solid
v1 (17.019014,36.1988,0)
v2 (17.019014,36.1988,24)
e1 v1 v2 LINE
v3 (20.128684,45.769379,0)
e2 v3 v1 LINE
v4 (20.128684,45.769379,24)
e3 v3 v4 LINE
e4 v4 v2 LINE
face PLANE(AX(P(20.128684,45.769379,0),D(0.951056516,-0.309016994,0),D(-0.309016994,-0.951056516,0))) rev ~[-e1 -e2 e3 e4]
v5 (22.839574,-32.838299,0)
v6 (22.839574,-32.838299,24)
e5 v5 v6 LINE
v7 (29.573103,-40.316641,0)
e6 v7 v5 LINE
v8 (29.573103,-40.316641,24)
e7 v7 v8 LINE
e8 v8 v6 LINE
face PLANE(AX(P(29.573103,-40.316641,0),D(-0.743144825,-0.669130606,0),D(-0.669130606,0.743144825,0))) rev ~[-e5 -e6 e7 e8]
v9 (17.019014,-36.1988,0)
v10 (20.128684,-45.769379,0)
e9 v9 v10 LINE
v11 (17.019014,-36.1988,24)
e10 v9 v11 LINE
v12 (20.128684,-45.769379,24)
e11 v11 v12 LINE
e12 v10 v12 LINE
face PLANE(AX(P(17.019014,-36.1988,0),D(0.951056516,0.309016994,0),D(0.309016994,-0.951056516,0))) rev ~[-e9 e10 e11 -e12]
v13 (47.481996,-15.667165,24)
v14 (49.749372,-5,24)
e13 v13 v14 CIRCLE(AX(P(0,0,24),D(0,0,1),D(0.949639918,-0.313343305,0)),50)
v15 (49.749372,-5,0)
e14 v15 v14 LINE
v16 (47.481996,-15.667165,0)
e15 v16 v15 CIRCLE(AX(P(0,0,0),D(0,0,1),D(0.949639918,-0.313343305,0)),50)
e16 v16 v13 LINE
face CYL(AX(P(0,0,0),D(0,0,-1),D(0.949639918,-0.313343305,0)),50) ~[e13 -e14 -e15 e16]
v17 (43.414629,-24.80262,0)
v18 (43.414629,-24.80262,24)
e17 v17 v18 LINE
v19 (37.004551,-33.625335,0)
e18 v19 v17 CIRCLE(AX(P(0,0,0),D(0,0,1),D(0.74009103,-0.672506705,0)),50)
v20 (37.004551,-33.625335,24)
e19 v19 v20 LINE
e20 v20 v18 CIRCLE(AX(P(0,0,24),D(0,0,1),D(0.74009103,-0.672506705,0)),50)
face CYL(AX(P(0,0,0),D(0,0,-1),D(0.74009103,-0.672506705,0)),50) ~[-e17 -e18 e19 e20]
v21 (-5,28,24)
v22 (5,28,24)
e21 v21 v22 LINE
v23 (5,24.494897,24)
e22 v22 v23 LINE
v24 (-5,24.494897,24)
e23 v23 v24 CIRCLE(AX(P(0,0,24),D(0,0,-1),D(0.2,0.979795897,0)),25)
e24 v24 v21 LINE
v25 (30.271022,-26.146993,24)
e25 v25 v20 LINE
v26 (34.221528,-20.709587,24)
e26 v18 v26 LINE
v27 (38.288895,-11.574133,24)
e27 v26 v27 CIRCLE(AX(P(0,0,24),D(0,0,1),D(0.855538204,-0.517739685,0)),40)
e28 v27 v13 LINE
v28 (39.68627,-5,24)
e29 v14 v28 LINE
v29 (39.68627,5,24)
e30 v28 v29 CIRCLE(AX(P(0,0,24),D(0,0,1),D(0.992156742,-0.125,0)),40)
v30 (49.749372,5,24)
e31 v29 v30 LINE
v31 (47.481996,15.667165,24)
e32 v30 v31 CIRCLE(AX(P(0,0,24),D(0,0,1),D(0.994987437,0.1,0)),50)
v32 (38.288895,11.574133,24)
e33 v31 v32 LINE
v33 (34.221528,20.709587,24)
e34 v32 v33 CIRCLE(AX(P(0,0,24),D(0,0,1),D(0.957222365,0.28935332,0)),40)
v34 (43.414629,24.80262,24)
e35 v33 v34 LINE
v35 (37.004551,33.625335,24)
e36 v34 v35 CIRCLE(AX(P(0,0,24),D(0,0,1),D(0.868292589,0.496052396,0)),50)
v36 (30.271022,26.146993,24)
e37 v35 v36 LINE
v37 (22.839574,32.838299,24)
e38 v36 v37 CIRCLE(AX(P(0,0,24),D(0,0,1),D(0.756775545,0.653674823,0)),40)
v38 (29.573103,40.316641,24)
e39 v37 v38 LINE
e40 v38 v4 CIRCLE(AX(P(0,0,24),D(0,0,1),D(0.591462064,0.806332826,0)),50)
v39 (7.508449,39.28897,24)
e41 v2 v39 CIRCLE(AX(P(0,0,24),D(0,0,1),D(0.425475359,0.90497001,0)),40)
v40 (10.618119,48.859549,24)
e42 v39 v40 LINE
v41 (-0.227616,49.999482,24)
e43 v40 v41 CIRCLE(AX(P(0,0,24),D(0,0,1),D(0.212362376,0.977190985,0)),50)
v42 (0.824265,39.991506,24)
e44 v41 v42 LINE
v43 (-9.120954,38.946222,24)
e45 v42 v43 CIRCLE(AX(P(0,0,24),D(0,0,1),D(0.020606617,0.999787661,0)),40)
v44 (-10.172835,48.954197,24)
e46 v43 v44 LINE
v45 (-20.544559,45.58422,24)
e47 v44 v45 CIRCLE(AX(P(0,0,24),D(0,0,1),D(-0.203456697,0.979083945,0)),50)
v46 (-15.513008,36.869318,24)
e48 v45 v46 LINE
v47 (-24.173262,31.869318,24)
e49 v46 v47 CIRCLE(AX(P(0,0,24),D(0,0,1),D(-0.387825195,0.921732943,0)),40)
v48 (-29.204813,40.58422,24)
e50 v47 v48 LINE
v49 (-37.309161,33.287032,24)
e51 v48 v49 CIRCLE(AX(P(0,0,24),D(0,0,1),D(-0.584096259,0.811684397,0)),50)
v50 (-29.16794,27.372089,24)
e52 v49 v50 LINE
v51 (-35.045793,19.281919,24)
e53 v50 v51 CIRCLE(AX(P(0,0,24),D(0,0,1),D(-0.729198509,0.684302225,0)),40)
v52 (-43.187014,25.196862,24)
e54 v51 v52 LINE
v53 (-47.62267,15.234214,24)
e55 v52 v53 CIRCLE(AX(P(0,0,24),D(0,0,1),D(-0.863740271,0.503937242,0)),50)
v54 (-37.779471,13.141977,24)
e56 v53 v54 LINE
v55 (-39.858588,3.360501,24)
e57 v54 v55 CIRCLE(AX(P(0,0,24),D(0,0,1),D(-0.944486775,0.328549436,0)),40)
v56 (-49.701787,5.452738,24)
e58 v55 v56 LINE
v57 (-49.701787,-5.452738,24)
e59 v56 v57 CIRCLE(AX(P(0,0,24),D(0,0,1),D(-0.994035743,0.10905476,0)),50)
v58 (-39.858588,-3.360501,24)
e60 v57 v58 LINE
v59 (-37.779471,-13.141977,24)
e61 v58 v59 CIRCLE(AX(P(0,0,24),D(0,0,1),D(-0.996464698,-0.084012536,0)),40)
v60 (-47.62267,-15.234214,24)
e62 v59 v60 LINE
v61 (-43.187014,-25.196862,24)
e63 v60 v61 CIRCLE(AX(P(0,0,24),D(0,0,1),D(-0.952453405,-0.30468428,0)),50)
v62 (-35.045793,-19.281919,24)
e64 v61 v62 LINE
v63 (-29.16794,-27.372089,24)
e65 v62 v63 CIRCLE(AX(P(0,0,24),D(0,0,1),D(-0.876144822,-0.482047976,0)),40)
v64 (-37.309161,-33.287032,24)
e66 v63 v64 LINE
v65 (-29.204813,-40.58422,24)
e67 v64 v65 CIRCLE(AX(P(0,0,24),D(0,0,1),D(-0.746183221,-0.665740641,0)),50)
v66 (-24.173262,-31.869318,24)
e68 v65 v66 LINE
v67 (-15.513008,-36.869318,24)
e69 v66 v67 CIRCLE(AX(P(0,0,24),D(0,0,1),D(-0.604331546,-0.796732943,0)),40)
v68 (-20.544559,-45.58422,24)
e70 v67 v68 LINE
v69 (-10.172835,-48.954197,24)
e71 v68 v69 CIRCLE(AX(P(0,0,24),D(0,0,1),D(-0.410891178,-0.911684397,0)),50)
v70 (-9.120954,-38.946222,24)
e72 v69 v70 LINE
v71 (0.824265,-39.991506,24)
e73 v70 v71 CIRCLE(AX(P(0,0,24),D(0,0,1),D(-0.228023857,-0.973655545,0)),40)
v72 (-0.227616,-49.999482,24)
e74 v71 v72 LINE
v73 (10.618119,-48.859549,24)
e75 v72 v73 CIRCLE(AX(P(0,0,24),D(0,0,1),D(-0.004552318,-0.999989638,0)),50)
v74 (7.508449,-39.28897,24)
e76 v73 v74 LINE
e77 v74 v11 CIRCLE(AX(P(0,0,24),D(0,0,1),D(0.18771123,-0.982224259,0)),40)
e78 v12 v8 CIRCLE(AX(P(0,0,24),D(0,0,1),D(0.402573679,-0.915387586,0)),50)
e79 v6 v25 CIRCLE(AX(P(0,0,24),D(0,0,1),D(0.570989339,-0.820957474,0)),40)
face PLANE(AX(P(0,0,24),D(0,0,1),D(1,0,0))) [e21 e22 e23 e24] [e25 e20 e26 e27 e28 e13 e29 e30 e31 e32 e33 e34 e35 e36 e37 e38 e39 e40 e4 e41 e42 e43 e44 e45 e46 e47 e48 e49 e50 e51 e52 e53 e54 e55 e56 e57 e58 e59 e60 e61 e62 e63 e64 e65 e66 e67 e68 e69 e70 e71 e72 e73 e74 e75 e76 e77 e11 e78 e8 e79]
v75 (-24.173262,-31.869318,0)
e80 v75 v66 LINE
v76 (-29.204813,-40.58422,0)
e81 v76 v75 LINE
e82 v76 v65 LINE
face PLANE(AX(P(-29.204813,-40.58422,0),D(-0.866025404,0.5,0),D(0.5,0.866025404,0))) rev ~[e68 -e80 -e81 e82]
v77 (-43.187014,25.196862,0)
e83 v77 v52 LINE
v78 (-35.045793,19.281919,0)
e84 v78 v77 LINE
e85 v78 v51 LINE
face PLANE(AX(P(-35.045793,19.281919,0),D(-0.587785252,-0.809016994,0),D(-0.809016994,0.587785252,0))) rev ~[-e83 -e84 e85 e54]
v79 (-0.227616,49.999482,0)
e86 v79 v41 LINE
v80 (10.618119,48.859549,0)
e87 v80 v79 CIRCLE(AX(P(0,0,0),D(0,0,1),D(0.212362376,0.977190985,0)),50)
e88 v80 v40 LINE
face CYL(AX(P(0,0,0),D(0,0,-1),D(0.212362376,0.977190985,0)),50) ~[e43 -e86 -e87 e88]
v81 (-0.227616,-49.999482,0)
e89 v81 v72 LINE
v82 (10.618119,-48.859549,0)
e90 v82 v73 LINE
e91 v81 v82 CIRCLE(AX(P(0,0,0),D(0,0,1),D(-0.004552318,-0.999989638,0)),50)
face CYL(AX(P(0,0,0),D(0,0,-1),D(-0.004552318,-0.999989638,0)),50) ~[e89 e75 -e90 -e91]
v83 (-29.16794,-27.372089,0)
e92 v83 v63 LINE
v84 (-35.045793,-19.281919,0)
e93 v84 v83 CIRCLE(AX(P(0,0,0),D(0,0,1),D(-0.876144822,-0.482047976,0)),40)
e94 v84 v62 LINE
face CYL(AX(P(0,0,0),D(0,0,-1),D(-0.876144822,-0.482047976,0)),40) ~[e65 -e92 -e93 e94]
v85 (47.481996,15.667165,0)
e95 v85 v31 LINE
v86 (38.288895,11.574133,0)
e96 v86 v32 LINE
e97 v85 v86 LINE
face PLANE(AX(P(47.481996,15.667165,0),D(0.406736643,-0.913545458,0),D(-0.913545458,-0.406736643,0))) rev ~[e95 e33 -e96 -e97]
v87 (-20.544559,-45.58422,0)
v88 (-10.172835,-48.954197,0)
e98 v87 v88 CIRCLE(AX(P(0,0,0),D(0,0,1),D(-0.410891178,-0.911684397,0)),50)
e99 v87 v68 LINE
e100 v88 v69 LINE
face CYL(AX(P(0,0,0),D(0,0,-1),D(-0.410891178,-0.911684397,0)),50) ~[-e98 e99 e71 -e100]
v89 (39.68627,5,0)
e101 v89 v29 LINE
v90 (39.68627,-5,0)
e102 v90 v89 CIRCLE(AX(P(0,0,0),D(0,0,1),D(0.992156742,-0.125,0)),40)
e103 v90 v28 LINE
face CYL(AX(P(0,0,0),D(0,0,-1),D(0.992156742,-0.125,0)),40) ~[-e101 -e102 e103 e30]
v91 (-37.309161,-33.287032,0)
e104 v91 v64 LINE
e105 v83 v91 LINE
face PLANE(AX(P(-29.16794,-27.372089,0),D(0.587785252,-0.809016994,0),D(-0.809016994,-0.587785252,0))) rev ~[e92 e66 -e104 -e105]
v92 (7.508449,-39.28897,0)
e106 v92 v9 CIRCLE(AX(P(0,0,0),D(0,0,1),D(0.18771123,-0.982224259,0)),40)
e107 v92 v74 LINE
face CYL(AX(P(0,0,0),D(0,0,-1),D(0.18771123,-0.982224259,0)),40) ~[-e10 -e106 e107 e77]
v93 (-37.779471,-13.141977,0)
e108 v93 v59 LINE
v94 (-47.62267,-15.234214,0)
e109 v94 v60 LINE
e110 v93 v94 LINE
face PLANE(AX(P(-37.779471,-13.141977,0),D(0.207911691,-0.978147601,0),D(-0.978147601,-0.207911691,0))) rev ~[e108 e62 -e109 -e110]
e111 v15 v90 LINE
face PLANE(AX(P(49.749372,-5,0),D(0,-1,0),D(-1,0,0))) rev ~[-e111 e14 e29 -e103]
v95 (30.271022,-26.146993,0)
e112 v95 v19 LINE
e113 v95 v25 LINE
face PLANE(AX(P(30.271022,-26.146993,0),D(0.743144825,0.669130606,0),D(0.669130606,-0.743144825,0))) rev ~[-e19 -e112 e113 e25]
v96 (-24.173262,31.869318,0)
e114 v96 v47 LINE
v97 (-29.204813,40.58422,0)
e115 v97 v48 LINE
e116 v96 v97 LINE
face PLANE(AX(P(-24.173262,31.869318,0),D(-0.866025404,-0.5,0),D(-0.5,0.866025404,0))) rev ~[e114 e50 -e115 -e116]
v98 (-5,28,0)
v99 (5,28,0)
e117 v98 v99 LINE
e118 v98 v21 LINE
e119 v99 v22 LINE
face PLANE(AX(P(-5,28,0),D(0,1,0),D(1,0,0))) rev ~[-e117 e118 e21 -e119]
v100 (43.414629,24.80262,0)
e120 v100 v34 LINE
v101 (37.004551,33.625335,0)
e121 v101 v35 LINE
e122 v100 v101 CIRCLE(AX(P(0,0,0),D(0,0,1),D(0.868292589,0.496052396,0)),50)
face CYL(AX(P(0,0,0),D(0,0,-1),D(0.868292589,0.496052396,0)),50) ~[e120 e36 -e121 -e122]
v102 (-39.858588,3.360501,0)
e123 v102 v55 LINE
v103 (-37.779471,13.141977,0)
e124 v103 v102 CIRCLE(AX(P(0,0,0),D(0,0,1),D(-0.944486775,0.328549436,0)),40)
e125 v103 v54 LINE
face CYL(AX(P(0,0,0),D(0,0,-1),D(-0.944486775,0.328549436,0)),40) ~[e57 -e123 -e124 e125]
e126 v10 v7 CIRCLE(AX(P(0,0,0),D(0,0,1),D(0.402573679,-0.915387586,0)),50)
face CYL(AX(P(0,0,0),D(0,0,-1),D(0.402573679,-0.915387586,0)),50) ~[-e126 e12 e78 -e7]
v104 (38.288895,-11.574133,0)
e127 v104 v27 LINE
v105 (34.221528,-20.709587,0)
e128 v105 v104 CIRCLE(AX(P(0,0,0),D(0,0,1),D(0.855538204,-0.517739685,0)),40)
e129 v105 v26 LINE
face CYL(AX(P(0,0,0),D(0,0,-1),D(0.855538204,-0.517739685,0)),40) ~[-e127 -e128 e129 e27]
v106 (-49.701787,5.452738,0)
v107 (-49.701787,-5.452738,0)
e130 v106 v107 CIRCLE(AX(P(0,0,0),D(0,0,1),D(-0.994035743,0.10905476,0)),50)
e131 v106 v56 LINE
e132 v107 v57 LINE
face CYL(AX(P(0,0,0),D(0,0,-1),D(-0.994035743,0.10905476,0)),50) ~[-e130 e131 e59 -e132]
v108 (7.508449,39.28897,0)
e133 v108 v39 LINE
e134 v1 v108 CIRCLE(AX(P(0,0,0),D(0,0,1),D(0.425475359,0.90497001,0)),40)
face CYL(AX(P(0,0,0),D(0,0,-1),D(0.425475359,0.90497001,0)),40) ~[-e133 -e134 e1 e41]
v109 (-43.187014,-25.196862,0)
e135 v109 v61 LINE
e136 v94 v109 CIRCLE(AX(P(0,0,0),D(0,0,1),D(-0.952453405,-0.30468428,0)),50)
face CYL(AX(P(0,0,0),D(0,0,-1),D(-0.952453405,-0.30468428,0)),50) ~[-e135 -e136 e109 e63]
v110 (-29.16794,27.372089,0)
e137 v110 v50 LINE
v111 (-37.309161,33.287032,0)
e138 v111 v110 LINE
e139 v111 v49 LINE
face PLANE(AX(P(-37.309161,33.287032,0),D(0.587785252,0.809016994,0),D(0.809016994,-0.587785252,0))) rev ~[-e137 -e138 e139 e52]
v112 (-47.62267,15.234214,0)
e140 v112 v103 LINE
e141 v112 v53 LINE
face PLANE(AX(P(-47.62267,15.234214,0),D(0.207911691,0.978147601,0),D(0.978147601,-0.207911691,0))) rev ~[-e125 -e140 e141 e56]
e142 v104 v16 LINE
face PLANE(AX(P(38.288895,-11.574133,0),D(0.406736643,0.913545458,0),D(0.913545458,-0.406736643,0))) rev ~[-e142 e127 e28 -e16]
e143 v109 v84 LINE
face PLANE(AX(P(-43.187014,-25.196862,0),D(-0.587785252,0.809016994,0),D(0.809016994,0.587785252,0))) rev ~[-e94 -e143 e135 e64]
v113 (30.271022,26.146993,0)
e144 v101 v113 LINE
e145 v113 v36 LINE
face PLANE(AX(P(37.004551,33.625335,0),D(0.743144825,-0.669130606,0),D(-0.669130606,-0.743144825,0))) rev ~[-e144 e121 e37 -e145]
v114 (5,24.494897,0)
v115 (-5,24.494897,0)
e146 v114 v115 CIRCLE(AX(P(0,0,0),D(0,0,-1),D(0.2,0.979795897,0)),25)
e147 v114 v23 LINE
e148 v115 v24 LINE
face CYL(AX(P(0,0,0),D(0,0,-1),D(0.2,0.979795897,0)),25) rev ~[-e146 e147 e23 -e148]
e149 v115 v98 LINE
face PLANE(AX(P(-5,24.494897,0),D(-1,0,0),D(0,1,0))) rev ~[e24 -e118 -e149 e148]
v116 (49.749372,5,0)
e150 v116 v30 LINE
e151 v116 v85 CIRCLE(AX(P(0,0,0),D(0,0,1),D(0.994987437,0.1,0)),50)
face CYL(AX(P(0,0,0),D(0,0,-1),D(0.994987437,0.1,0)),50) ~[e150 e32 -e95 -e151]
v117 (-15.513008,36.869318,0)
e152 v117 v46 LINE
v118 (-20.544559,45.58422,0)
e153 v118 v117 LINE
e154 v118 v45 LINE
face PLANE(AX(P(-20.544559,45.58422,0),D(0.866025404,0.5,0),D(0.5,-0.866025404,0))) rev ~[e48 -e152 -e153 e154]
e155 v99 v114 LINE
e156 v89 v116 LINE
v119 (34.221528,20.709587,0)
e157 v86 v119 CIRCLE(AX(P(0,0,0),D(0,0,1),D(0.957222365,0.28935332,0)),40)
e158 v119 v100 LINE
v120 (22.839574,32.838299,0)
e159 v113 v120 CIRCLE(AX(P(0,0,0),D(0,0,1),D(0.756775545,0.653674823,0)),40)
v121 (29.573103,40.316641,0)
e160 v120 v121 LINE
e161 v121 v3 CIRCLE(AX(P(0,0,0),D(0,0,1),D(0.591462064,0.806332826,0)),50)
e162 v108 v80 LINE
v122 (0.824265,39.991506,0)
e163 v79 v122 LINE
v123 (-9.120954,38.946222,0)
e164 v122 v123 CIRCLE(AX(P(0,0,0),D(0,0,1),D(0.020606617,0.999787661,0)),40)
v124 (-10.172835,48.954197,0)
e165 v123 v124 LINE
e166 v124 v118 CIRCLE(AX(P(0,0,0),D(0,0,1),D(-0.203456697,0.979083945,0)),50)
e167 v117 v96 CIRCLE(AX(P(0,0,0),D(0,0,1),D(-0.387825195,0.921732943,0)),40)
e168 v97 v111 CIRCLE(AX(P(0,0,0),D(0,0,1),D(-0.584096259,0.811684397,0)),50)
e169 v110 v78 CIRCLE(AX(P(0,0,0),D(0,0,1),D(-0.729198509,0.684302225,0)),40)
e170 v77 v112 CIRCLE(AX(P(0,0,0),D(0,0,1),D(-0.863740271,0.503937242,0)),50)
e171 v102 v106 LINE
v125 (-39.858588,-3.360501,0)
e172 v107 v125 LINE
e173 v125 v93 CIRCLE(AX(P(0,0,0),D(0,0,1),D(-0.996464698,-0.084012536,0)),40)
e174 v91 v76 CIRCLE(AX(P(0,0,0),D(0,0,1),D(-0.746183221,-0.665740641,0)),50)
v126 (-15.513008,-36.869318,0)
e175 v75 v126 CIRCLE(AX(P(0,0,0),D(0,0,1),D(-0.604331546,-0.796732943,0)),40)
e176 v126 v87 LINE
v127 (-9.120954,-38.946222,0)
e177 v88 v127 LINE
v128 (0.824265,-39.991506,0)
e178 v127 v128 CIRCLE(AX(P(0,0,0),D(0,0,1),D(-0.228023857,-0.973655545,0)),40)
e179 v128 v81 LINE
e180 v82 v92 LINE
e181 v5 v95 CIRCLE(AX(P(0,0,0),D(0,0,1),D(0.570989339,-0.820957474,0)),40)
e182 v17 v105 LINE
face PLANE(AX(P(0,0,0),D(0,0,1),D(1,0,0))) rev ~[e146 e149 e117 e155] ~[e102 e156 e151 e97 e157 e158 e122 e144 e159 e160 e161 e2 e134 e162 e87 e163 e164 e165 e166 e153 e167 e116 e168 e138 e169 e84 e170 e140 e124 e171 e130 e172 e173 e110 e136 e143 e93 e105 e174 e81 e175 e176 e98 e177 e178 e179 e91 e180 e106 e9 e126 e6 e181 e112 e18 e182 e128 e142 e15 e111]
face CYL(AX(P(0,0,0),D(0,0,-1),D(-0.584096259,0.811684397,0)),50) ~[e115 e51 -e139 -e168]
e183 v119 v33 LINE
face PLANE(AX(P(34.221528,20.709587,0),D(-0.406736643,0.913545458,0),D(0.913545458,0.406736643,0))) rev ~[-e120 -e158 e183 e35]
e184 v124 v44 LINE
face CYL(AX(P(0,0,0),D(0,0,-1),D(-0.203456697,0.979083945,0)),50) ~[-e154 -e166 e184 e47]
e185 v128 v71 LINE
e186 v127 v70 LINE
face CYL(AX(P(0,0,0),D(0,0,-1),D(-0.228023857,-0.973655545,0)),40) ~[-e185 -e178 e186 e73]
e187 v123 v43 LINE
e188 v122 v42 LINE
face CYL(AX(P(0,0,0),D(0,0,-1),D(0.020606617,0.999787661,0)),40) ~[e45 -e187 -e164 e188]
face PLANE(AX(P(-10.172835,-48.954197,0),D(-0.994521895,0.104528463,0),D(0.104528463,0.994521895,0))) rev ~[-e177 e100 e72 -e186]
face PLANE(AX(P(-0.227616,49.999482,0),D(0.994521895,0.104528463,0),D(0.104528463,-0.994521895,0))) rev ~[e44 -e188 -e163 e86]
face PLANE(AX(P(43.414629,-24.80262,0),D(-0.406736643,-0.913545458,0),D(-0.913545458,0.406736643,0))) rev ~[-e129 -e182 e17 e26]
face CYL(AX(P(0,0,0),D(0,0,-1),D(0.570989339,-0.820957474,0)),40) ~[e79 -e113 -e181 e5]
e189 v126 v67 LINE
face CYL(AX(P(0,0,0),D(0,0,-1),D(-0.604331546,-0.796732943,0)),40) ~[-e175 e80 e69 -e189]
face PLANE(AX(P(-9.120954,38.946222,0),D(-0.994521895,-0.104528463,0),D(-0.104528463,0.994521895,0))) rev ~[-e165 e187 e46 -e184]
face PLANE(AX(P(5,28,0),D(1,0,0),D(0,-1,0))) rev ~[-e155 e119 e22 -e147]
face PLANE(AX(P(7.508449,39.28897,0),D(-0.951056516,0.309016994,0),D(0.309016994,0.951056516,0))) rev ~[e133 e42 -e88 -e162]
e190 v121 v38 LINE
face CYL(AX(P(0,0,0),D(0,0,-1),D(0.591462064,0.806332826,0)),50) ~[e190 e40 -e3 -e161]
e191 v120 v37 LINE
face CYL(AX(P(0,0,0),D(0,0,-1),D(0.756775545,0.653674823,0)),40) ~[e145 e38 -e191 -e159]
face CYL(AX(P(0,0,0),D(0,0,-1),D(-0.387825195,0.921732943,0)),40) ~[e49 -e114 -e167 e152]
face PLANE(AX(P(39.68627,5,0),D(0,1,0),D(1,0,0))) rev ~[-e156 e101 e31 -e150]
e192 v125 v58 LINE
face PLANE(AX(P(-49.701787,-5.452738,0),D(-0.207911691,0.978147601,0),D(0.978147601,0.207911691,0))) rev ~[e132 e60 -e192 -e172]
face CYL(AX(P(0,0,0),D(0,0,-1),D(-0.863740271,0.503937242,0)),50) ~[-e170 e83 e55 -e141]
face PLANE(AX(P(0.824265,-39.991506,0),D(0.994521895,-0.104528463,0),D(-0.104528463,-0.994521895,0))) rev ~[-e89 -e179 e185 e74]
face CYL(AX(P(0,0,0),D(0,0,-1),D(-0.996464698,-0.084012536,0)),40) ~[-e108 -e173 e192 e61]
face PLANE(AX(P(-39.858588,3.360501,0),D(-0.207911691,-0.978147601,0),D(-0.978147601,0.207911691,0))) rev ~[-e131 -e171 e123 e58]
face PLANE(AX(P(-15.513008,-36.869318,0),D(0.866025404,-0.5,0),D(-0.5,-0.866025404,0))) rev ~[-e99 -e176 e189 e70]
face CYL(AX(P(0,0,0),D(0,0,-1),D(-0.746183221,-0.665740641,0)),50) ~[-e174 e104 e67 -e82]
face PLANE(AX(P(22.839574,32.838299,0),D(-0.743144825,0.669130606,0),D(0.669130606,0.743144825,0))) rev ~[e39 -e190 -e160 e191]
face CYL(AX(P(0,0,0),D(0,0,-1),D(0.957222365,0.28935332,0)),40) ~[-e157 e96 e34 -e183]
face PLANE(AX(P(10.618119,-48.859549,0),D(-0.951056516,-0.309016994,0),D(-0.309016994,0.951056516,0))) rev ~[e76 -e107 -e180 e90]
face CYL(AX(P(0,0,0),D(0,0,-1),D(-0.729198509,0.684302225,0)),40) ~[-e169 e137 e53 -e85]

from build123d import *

# Parameters (mm, degrees)
BOSS_EXTRUDE2_DEPTH = 24


with BuildPart() as part:
    # Sketch1 → Boss-Extrude2 (new body)
    with BuildSketch(Plane.XY):
        with BuildLine():
            Line((39.686269666, 5), (49.749371855, 5))
            ThreePointArc((49.749371855, 5), (48.907380037, 10.395584541), (47.481995894, 15.667165215))
            Line((47.481995894, 15.667165215), (38.2888946, 11.574132812))
            ThreePointArc((38.2888946, 11.574132812), (36.541818306, 16.269465723), (34.221528169, 20.709587388))
            Line((34.221528169, 20.709587388), (43.414629464, 24.802619792))
            ThreePointArc((43.414629464, 24.802619792), (40.450849719, 29.389262615), (37.004551483, 33.625335233))
            Line((37.004551483, 33.625335233), (30.271021813, 26.146992913))
            ThreePointArc((30.271021813, 26.146992913), (26.765224254, 29.725793019), (22.839573558, 32.838298977))
            Line((22.839573558, 32.838298977), (29.573103228, 40.316641297))
            ThreePointArc((29.573103228, 40.316641297), (25, 43.301270189), (20.128683944, 45.769379313))
            Line((20.128683944, 45.769379313), (17.019014352, 36.198800401))
            ThreePointArc((17.019014352, 36.198800401), (12.360679775, 38.042260652), (7.508449189, 39.288970345))
            Line((7.508449189, 39.288970345), (10.618118781, 48.859549256))
            ThreePointArc((10.618118781, 48.859549256), (5.226423163, 49.726094768), (-0.227615912, 49.999481907))
            Line((-0.227615912, 49.999481907), (0.824264696, 39.991506445))
            ThreePointArc((0.824264696, 39.991506445), (-4.181138531, 39.780875815), (-9.120954258, 38.946221812))
            Line((-9.120954258, 38.946221812), (-10.172834865, 48.954197275))
            ThreePointArc((-10.172834865, 48.954197275), (-15.450849719, 47.552825815), (-20.544558909, 45.584219849))
            Line((-20.544558909, 45.584219849), (-15.513007814, 36.869317712))
            ThreePointArc((-15.513007814, 36.869317712), (-20, 34.641016151), (-24.173261852, 31.869317712))
            Line((-24.173261852, 31.869317712), (-29.204812947, 40.584219849))
            ThreePointArc((-29.204812947, 40.584219849), (-33.456530318, 37.157241274), (-37.309161029, 33.287032059))
            Line((-37.309161029, 33.287032059), (-29.167940342, 27.372089))
            ThreePointArc((-29.167940342, 27.372089), (-32.360679775, 23.511410092), (-35.045792865, 19.281919056))
            Line((-35.045792865, 19.281919056), (-43.187013552, 25.196862116))
            ThreePointArc((-43.187013552, 25.196862116), (-45.677272882, 20.336832154), (-47.622670264, 15.234214023))
            Line((-47.622670264, 15.234214023), (-37.779471002, 13.141977432))
            ThreePointArc((-37.779471002, 13.141977432), (-39.125904029, 8.316467633), (-39.85858791, 3.360501425))
            Line((-39.85858791, 3.360501425), (-49.701787172, 5.452738016))
            ThreePointArc((-49.701787172, 5.452738016), (-50, 0), (-49.701787172, -5.452738016))
            Line((-49.701787172, -5.452738016), (-39.85858791, -3.360501425))
            ThreePointArc((-39.85858791, -3.360501425), (-39.125904029, -8.316467633), (-37.779471002, -13.141977432))
            Line((-37.779471002, -13.141977432), (-47.622670264, -15.234214023))
            ThreePointArc((-47.622670264, -15.234214023), (-45.677272882, -20.336832154), (-43.187013552, -25.196862116))
            Line((-43.187013552, -25.196862116), (-35.045792865, -19.281919056))
            ThreePointArc((-35.045792865, -19.281919056), (-32.360679775, -23.511410092), (-29.167940342, -27.372089))
            Line((-29.167940342, -27.372089), (-37.309161029, -33.287032059))
            ThreePointArc((-37.309161029, -33.287032059), (-33.456530318, -37.157241274), (-29.204812947, -40.584219849))
            Line((-29.204812947, -40.584219849), (-24.173261852, -31.869317712))
            ThreePointArc((-24.173261852, -31.869317712), (-20, -34.641016151), (-15.513007814, -36.869317712))
            Line((-15.513007814, -36.869317712), (-20.544558909, -45.584219849))
            ThreePointArc((-20.544558909, -45.584219849), (-15.450849719, -47.552825815), (-10.172834865, -48.954197275))
            Line((-10.172834865, -48.954197275), (-9.120954258, -38.946221812))
            ThreePointArc((-9.120954258, -38.946221812), (-4.181138531, -39.780875815), (0.824264696, -39.991506445))
            Line((0.824264696, -39.991506445), (-0.227615912, -49.999481907))
            ThreePointArc((-0.227615912, -49.999481907), (5.226423163, -49.726094768), (10.618118781, -48.859549256))
            Line((10.618118781, -48.859549256), (7.508449189, -39.288970345))
            ThreePointArc((7.508449189, -39.288970345), (12.360679775, -38.042260652), (17.019014352, -36.198800401))
            Line((17.019014352, -36.198800401), (20.128683944, -45.769379313))
            ThreePointArc((20.128683944, -45.769379313), (25, -43.301270189), (29.573103228, -40.316641297))
            Line((29.573103228, -40.316641297), (22.839573558, -32.838298977))
            ThreePointArc((22.839573558, -32.838298977), (26.765224254, -29.725793019), (30.271021813, -26.146992913))
            Line((30.271021813, -26.146992913), (37.004551483, -33.625335233))
            ThreePointArc((37.004551483, -33.625335233), (40.450849719, -29.389262615), (43.414629464, -24.802619792))
            Line((43.414629464, -24.802619792), (34.221528169, -20.709587388))
            ThreePointArc((34.221528169, -20.709587388), (36.541818306, -16.269465723), (38.2888946, -11.574132812))
            Line((38.2888946, -11.574132812), (47.481995894, -15.667165215))
            ThreePointArc((47.481995894, -15.667165215), (48.907380037, -10.395584541), (49.749371855, -5))
            Line((49.749371855, -5), (39.686269666, -5))
            ThreePointArc((39.686269666, -5), (40, 0), (39.686269666, 5))
        make_face()
        with BuildLine():
            Line((-5, 28), (5, 28))
            Line((5, 28), (5, 24.494897428))
            ThreePointArc((5, 24.494897428), (0, -25), (-5, 24.494897428))
            Line((-5, 24.494897428), (-5, 28))
        make_face(mode=Mode.SUBTRACT)
    extrude(amount=BOSS_EXTRUDE2_DEPTH)


solid = part.part
